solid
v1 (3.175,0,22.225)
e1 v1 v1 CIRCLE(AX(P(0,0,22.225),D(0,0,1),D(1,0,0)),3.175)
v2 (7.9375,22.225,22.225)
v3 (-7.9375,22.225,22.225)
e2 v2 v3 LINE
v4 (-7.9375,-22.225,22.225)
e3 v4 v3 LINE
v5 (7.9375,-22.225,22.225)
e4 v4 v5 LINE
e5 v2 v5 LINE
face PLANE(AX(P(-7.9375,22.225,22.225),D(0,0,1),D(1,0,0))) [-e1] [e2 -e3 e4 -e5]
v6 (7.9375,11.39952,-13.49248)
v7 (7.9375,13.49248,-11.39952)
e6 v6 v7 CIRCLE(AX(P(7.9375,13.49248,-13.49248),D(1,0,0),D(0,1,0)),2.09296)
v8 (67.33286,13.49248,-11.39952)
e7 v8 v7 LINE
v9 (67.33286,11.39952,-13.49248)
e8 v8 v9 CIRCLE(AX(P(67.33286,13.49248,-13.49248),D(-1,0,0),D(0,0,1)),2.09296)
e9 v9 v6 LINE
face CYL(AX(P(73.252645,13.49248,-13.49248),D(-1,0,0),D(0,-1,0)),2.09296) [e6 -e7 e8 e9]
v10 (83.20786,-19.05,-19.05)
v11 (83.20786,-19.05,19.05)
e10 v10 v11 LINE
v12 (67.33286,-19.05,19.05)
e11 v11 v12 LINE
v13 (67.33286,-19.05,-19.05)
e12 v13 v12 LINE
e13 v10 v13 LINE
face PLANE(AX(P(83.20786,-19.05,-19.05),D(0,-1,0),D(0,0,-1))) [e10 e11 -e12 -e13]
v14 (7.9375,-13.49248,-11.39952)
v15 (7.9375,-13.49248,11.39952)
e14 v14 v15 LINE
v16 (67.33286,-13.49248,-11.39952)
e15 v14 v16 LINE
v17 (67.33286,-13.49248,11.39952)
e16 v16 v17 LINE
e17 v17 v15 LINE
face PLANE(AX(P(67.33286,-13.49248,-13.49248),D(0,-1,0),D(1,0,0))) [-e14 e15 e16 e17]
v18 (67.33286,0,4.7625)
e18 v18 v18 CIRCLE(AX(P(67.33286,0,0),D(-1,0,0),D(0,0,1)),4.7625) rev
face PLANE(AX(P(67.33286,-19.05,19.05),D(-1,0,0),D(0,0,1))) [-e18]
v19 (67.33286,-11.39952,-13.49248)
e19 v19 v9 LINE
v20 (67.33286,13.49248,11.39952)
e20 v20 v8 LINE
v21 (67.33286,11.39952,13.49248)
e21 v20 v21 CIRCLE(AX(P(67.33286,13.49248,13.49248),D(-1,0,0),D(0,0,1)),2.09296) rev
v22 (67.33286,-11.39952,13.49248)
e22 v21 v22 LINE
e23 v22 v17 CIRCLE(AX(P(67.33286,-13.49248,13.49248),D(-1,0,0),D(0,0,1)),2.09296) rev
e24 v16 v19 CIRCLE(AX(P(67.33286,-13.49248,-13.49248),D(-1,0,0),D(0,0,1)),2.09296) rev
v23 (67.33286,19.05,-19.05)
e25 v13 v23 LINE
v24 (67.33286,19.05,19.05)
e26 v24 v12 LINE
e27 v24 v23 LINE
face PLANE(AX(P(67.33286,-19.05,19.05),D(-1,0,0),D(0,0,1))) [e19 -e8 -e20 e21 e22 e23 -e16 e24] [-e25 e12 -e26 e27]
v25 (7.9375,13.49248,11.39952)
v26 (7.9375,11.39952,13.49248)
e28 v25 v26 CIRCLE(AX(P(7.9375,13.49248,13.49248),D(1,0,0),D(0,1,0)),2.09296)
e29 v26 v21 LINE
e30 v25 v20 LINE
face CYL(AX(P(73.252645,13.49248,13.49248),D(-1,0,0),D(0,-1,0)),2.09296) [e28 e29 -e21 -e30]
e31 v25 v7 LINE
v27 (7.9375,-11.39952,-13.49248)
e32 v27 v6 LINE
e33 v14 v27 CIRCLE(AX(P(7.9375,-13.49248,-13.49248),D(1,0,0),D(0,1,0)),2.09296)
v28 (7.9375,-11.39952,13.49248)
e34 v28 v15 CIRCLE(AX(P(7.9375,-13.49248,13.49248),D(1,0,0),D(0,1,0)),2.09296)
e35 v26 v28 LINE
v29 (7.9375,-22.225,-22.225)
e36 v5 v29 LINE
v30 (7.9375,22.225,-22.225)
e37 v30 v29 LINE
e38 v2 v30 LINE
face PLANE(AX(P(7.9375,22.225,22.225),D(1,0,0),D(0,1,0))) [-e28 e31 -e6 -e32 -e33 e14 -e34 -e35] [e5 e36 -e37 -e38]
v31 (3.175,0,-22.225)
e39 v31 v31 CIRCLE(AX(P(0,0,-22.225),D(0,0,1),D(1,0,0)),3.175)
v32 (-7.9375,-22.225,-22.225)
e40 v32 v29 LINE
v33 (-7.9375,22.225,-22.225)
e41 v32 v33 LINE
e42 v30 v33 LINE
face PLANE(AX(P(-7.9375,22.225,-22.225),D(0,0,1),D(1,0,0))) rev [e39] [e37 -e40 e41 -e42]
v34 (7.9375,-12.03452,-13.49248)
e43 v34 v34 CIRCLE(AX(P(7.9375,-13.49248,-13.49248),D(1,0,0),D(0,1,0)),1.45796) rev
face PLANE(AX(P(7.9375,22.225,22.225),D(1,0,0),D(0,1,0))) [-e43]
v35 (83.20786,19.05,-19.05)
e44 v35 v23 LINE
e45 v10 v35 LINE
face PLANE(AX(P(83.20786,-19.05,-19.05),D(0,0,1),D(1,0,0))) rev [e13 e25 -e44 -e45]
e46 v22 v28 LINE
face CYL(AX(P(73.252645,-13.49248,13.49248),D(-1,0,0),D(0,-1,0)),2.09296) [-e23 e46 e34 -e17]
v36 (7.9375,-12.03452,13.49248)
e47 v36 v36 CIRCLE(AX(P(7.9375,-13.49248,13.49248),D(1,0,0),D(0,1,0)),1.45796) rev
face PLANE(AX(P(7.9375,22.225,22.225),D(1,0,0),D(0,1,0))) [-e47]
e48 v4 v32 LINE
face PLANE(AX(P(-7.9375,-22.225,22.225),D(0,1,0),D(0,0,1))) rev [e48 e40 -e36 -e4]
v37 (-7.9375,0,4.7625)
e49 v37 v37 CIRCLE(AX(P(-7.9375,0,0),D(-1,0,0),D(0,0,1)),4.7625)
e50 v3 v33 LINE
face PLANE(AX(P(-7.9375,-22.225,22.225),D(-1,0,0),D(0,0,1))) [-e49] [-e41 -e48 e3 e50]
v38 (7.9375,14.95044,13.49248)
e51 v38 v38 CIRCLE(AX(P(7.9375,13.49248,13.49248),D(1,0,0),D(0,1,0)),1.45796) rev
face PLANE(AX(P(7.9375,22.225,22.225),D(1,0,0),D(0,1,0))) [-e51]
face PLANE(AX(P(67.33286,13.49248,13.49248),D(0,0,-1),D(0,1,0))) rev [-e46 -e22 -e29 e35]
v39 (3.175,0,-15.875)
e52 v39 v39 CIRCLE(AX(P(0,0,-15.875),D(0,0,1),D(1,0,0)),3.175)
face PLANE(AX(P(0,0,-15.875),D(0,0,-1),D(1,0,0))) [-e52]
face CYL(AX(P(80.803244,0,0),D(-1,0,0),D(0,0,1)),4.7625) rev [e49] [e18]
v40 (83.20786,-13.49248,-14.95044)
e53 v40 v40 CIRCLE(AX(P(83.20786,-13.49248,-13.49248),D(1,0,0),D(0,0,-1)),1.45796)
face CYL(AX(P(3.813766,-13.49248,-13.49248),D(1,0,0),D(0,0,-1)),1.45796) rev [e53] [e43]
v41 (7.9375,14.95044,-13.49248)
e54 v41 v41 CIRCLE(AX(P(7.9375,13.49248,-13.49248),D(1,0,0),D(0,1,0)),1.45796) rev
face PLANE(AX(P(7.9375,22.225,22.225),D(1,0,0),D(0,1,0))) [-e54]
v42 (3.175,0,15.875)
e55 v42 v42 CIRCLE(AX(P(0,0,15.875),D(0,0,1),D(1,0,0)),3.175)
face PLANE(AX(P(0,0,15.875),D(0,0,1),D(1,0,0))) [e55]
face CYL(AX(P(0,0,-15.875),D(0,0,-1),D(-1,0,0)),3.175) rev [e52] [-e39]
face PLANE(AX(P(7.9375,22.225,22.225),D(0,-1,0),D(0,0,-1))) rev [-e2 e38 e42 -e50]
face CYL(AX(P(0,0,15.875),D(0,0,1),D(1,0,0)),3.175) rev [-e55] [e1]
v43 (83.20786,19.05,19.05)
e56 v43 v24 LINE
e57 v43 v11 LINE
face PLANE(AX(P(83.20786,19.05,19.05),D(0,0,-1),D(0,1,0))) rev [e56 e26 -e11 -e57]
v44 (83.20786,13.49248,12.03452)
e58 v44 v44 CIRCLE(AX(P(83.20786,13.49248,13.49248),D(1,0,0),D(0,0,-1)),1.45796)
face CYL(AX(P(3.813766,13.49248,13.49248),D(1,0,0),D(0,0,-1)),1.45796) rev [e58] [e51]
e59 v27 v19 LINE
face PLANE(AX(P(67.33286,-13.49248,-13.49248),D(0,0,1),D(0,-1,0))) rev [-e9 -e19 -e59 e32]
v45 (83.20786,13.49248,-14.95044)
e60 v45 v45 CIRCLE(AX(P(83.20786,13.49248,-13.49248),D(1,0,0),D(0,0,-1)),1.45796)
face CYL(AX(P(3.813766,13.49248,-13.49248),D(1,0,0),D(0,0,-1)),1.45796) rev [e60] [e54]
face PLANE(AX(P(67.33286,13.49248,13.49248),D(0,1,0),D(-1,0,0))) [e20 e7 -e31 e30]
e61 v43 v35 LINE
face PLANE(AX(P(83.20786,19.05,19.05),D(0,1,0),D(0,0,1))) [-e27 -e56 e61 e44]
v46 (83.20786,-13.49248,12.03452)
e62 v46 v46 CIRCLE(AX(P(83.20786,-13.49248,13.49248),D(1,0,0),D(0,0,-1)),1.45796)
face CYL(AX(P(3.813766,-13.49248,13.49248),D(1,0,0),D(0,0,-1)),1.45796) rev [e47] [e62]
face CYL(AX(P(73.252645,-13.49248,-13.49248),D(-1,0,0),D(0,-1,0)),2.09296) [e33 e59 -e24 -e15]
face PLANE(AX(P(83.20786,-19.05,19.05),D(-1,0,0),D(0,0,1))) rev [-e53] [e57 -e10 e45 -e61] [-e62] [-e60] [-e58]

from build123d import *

# Parameters (mm, degrees)
SKETCH1_W           = 15.875
SKETCH1_H           = 44.45
BASE_EXTRUDE_DEPTH  = 22.225
SKETCH2_W           = 26.98496
SKETCH2_H           = 26.98496
BOSS_EXTRUDE1_DEPTH = 59.39536
SKETCH3_W           = 38.1
SKETCH3_H           = 38.1
BOSS_EXTRUDE2_DEPTH = 15.875
SKETCH4_R           = 2.09296
BOSS_EXTRUDE3_DEPTH = 59.39536
SKETCH5_R           = 1.45796
CUT_EXTRUDE1_DEPTH  = 75.27036
SKETCH6_R           = 4.7625
CUT_EXTRUDE2_DEPTH  = 75.27036
SKETCH8_R           = 3.175
CUT_EXTRUDE3_DEPTH  = 6.35


with BuildPart() as part:
    # Sketch1 → Base-Extrude (new, symmetric)
    with BuildSketch(Plane.XY):
        Rectangle(SKETCH1_W, SKETCH1_H)
    extrude(amount=BASE_EXTRUDE_DEPTH, both=True)

    # Sketch2 → Boss-Extrude1 (add)
    with BuildSketch(Plane(origin=(7.9375, 0, 0), x_dir=(0, 0, -1), z_dir=(1, 0, 0))):
        Rectangle(SKETCH2_W, SKETCH2_H)
    extrude(amount=BOSS_EXTRUDE1_DEPTH)

    # Sketch3 → Boss-Extrude2 (add)
    with BuildSketch(Plane(origin=(67.33286, -2.916482086, 3.369055623), x_dir=(0, 0, -1), z_dir=(1, 0, 0))):
        with Locations((3.369055623, 2.916482086)):
            Rectangle(SKETCH3_W, SKETCH3_H)
    extrude(amount=BOSS_EXTRUDE2_DEPTH)

    # Sketch4 → Boss-Extrude3 (add)
    with BuildSketch(Plane(origin=(7.9375, 0, 0), x_dir=(0, 0, -1), z_dir=(1, 0, 0))):
        with Locations((-13.49248, 13.49248)):
            Circle(SKETCH4_R)
        with Locations((-13.49248, -13.49248)):
            Circle(SKETCH4_R)
        with Locations((13.49248, 13.49248)):
            Circle(SKETCH4_R)
        with Locations((13.49248, -13.49248)):
            Circle(SKETCH4_R)
    extrude(amount=BOSS_EXTRUDE3_DEPTH)

    # Sketch5 → Cut-Extrude1 (cut)
    with BuildSketch(Plane(origin=(83.20786, 0, 0), x_dir=(0, 0, -1), z_dir=(1, 0, 0))):
        with Locations((-13.49248, 13.49248)):
            Circle(SKETCH5_R)
        with Locations((-13.49248, -13.49248)):
            Circle(SKETCH5_R)
        with Locations((13.49248, 13.49248)):
            Circle(SKETCH5_R)
        with Locations((13.49248, -13.49248)):
            Circle(SKETCH5_R)
    extrude(amount=-CUT_EXTRUDE1_DEPTH, mode=Mode.SUBTRACT)

    # Sketch6 → Cut-Extrude2 (cut)
    with BuildSketch(Plane.ZY.offset(7.9375)):
        Circle(SKETCH6_R)
    extrude(amount=-CUT_EXTRUDE2_DEPTH, mode=Mode.SUBTRACT)

    # Sketch8 → Cut-Extrude3 (cut)
    with BuildSketch(Plane.XY.offset(22.225)):
        Circle(SKETCH8_R)
    cut_extrude3 = extrude(amount=-CUT_EXTRUDE3_DEPTH, mode=Mode.SUBTRACT)

    # Mirror1: Cut-Extrude3 across plane
    add(cut_extrude3.mirror(Plane.XY), mode=Mode.SUBTRACT)


solid = part.part
